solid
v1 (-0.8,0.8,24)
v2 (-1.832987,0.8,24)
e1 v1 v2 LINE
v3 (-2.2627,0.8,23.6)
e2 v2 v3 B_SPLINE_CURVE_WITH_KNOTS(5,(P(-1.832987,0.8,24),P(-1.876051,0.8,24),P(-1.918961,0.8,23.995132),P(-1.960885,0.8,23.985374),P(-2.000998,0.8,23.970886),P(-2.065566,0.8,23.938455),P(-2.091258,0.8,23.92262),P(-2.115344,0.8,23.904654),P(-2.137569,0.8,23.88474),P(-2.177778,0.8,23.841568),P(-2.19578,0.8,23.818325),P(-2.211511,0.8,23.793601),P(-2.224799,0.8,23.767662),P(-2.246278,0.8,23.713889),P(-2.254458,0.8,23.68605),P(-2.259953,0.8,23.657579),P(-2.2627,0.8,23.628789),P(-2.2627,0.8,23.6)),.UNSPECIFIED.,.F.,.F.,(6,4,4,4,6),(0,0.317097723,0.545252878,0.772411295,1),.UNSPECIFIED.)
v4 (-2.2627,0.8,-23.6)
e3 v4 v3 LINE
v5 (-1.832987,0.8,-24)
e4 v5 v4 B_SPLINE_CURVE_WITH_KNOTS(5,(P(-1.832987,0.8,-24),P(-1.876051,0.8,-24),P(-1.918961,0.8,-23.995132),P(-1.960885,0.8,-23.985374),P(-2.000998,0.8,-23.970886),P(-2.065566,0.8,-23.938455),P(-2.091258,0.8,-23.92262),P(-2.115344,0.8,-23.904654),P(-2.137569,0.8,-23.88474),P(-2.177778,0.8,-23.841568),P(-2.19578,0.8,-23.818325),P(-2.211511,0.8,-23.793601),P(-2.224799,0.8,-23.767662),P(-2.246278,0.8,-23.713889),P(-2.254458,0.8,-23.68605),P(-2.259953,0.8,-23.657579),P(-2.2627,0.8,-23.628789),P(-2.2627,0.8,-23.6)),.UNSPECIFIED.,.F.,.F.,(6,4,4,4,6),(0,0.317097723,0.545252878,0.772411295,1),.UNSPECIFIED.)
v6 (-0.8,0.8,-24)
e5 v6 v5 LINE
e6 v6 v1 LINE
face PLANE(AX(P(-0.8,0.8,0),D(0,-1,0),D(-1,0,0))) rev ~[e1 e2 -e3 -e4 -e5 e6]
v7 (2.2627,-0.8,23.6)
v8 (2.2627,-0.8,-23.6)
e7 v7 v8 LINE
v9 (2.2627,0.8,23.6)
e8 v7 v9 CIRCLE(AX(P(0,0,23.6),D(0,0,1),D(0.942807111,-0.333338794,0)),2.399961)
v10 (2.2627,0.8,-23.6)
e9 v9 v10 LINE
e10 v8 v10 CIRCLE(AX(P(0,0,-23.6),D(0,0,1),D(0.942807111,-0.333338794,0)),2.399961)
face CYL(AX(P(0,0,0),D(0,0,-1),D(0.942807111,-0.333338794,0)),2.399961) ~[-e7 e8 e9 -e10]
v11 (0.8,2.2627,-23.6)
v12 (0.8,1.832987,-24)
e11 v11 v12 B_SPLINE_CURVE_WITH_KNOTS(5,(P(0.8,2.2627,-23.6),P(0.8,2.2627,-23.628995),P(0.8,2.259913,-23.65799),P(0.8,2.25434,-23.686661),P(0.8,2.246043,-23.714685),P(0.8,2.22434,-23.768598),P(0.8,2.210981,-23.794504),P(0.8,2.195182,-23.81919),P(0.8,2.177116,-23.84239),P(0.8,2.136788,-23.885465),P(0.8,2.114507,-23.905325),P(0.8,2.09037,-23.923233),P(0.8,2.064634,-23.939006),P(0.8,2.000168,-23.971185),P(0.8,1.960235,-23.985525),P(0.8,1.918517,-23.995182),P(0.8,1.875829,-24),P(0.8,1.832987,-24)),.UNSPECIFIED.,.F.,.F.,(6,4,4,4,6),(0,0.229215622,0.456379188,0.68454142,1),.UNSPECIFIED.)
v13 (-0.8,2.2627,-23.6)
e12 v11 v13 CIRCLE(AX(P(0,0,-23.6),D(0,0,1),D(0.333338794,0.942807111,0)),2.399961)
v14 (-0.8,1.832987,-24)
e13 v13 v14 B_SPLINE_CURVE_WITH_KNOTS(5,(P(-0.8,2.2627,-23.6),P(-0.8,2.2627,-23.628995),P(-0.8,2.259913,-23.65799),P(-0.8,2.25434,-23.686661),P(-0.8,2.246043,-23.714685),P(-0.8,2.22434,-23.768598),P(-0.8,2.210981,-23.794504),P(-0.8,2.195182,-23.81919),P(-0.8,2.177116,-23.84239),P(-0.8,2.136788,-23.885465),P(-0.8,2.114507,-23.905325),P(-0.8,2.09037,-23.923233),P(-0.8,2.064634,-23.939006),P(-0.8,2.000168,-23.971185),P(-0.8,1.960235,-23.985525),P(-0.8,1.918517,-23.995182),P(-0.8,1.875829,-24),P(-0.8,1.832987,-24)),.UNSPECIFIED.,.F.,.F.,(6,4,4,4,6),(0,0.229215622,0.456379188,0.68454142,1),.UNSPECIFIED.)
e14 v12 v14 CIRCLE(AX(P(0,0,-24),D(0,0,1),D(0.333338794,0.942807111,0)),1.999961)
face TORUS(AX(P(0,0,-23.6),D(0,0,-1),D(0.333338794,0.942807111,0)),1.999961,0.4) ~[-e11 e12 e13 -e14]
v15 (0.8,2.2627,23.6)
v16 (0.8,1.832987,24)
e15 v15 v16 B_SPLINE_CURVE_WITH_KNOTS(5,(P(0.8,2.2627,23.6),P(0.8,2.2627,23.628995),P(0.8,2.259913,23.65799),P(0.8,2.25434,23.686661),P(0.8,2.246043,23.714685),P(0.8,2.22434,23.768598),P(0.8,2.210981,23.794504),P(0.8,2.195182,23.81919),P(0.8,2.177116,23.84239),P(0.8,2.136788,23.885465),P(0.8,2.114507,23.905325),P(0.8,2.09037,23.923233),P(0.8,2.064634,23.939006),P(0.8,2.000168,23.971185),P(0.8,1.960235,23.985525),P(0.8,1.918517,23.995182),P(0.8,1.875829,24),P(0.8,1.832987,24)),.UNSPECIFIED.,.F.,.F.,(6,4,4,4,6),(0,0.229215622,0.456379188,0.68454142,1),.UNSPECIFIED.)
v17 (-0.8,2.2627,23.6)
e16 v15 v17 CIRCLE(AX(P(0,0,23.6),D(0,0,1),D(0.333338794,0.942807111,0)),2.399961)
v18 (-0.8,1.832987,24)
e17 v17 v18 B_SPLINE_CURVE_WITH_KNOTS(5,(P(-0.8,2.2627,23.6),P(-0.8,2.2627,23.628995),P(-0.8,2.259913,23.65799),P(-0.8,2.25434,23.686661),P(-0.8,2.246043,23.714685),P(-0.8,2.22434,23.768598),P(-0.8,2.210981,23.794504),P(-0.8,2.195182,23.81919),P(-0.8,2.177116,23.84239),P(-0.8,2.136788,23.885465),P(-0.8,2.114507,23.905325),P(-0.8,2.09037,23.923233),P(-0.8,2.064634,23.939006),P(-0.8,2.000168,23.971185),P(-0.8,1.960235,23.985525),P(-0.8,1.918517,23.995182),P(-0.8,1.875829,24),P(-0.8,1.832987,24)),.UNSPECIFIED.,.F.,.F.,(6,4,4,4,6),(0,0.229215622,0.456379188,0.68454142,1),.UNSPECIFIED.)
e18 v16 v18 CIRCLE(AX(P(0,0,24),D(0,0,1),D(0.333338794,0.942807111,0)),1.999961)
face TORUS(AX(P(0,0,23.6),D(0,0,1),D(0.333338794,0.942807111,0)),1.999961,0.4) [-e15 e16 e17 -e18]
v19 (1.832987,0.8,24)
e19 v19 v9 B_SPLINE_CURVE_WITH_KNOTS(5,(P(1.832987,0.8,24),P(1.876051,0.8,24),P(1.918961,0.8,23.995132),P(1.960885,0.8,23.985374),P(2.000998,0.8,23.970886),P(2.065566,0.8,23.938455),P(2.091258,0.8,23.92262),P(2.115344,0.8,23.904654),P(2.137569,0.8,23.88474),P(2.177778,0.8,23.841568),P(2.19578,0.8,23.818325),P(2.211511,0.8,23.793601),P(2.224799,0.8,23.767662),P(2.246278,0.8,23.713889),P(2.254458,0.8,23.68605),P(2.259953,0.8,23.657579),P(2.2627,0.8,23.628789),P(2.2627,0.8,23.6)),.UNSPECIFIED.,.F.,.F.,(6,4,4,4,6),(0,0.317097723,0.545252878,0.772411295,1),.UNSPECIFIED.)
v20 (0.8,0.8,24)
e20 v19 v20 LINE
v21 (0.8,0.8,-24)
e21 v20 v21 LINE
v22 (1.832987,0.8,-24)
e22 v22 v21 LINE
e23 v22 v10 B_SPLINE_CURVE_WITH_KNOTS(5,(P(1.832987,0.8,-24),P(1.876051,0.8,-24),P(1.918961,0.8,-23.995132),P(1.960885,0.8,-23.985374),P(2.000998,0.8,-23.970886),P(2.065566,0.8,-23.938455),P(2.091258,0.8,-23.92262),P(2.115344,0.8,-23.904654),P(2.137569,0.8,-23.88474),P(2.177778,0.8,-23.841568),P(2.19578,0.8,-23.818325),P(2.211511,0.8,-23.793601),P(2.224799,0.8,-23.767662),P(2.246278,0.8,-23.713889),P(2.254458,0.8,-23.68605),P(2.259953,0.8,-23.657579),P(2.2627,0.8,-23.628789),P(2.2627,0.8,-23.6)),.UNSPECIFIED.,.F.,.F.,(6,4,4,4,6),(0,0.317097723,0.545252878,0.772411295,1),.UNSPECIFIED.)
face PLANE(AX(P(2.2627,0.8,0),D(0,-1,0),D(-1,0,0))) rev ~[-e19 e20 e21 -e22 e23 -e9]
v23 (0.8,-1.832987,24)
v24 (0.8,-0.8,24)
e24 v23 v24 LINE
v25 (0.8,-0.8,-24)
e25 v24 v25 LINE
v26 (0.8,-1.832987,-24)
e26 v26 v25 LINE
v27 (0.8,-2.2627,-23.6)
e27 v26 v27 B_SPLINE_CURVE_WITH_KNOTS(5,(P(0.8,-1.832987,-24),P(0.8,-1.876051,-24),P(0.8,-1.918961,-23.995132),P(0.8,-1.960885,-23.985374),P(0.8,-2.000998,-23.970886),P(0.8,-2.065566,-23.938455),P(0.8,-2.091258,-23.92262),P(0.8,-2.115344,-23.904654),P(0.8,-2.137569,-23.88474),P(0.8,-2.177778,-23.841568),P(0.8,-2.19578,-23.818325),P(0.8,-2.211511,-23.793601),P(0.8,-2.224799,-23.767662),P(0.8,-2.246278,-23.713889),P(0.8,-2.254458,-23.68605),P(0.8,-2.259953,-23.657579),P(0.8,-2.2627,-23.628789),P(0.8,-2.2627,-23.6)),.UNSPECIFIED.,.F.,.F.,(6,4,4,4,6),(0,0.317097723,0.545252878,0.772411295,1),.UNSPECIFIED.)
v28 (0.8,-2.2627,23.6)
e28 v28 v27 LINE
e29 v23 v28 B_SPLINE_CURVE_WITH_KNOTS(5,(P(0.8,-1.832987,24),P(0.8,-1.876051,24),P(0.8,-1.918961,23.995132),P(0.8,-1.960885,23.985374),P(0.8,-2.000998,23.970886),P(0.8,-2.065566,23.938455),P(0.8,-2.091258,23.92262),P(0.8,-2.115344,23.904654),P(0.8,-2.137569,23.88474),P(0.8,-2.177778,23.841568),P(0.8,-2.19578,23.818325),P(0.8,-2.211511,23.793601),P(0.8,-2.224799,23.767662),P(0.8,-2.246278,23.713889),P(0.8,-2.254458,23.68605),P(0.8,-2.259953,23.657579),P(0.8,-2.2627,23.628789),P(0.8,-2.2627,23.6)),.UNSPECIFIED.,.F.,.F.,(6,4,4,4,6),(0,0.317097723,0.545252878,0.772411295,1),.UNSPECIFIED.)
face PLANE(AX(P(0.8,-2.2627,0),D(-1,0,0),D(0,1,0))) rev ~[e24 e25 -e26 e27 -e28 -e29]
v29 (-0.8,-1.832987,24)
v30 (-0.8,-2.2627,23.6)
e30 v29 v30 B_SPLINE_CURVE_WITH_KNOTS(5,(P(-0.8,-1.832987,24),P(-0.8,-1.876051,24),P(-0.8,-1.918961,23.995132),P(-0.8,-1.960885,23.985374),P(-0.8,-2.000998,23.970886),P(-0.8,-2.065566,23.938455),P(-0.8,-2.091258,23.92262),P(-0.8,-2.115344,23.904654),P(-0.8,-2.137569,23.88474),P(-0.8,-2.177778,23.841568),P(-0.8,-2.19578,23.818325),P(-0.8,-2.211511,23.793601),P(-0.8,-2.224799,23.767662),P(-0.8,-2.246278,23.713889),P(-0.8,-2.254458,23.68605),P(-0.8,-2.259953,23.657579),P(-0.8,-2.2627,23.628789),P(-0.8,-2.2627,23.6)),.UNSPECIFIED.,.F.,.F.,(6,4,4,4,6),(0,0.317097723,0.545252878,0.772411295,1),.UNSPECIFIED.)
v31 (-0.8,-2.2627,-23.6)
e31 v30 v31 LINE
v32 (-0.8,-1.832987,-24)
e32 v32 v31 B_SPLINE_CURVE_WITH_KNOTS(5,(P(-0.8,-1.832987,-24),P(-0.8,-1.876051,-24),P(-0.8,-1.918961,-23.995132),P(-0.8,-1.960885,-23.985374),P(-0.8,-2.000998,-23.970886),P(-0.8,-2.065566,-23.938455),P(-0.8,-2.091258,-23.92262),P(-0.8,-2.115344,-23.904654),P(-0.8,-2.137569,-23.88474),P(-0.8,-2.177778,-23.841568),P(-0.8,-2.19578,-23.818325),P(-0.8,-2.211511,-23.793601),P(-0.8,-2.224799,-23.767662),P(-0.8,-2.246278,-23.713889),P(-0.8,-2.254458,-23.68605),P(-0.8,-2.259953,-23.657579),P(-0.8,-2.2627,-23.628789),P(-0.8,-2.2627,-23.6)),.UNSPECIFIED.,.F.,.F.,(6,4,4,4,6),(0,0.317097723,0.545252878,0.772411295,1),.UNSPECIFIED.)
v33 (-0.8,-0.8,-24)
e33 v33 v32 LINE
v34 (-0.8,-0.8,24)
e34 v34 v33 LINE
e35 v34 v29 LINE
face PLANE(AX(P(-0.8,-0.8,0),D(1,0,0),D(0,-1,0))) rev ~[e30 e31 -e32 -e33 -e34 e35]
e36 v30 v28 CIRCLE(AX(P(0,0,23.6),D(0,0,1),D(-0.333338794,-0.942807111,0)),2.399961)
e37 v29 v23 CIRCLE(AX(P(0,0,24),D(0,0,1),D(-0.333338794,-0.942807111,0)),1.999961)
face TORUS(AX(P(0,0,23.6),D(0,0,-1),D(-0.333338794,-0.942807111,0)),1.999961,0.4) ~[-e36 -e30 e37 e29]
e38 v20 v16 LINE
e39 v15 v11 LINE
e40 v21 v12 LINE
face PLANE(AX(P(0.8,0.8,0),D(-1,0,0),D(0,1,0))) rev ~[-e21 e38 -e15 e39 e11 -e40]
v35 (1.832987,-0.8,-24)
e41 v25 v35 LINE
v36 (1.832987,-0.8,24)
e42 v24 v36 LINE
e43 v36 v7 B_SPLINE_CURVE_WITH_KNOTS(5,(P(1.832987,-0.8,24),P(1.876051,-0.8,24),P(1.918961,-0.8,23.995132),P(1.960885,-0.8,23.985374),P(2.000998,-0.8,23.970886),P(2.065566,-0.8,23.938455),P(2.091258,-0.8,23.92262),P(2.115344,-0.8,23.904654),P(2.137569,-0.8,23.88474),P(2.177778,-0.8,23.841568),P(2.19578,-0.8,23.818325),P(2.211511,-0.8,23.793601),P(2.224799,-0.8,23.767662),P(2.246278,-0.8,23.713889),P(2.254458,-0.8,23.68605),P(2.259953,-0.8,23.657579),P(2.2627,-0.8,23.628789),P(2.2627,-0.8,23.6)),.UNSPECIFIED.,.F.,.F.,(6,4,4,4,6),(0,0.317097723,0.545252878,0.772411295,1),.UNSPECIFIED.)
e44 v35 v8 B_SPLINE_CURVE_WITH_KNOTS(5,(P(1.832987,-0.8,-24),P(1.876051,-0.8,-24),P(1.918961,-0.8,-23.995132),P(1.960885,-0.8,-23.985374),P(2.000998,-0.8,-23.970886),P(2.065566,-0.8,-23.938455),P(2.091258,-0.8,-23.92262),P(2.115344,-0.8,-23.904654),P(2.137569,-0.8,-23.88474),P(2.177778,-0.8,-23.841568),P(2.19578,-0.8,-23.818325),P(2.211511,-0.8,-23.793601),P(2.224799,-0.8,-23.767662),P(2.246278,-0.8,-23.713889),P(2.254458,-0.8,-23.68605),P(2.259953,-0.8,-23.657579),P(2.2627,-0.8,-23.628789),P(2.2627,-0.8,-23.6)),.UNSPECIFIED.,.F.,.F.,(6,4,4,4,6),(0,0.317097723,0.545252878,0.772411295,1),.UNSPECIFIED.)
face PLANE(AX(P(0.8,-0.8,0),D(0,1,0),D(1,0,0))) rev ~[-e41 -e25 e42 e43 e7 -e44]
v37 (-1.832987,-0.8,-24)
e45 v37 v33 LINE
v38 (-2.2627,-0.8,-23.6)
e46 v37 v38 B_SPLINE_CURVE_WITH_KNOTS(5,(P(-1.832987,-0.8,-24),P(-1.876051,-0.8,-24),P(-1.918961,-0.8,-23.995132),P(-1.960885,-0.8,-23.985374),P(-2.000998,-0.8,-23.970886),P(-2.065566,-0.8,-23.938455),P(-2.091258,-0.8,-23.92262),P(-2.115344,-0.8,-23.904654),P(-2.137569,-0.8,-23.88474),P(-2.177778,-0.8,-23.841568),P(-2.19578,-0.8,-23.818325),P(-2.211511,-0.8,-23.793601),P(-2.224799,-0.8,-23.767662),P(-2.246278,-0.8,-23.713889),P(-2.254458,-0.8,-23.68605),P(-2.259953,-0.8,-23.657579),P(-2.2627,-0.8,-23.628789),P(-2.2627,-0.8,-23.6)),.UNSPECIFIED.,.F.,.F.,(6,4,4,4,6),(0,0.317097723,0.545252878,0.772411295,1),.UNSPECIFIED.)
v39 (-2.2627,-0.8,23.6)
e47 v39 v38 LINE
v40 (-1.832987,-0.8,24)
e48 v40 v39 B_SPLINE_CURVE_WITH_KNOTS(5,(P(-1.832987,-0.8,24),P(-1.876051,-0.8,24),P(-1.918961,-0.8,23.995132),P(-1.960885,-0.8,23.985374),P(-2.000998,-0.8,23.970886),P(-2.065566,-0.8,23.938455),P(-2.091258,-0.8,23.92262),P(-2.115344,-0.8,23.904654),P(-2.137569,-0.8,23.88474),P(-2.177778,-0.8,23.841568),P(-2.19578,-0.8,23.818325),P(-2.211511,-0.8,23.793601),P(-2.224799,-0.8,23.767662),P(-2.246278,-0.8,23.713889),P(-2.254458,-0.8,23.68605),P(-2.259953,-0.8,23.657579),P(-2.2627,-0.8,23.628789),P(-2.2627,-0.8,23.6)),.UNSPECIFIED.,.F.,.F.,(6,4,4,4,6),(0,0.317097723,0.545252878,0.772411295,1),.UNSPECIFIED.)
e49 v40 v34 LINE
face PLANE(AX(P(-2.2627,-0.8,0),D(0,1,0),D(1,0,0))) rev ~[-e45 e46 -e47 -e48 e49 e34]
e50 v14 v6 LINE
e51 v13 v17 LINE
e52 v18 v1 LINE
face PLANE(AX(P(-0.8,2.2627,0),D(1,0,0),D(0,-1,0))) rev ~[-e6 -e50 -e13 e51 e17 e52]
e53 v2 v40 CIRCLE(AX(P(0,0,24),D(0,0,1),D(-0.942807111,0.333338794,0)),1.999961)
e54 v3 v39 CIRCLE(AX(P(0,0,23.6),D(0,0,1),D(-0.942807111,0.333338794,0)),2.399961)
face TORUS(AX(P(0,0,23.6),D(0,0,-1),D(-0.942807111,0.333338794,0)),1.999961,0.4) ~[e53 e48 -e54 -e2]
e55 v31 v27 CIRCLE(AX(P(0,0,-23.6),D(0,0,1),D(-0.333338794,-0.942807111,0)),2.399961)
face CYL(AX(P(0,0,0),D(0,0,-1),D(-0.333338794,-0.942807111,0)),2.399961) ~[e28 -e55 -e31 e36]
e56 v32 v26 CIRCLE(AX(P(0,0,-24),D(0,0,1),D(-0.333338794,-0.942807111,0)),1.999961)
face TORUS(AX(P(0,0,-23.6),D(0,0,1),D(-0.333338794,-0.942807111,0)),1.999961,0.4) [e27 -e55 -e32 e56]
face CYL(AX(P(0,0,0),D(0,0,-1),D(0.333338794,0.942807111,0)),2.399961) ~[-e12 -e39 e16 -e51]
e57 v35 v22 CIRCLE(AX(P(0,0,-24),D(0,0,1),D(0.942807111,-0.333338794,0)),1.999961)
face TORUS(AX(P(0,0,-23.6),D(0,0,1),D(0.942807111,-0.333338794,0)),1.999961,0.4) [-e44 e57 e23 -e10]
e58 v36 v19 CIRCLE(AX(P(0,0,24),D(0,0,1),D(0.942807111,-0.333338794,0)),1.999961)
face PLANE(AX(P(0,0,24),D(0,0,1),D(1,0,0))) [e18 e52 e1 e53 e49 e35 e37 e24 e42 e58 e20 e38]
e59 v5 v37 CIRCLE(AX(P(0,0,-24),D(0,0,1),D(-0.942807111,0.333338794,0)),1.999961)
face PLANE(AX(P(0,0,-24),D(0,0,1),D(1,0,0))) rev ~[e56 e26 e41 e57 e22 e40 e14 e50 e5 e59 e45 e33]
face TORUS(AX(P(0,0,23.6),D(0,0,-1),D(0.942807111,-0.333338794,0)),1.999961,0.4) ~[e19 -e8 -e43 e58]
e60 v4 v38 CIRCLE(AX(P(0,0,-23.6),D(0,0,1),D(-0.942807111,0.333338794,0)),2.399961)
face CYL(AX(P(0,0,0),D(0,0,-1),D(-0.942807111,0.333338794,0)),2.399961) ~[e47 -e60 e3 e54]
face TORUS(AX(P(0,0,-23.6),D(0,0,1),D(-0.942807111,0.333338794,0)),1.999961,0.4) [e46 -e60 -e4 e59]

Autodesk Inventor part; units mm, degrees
ref_plane "YZ Plane" through (0, 0, 0) normal (1, 0, 0) x (0, 1, 0)
ref_plane "XZ Plane" through (0, 0, 0) normal (0, 1, 0) x (-1, 0, 0)
ref_plane "XY Plane" through (0, 0, 0) normal (0, 0, 1) x (1, 0, 0)
sketch "Sketch1" plane through (0, 0, 0) normal (0, 0, 1) x (1, 0, 0)
  circle A0 centre (0, 0) radius 2.4 construction
  line L0 (-0.8, 2.2627) -> (-0.8, 0.8)
  line L1 (-0.8, 0.8) -> (-2.2627, 0.8)
  line L2 (-2.2627, -0.8) -> (-0.8, -0.8)
  line L3 (-0.8, -0.8) -> (-0.8, -2.2627)
  line L4 (0.8, -2.2627) -> (0.8, -0.8)
  line L5 (0.8, -0.8) -> (2.2627, -0.8)
  line L6 (2.2627, 0.8) -> (0.8, 0.8)
  line L7 (0.8, 0.8) -> (0.8, 2.2627)
  arc A1 (0.8, 2.2627) -> (-0.8, 2.2627) centre (0, 0) ccw
  arc A2 (-2.2627, 0.8) -> (-2.2627, -0.8) centre (0, 0) ccw
  arc A3 (-0.8, -2.2627) -> (0.8, -2.2627) centre (0, 0) ccw
  arc A4 (2.2627, -0.8) -> (2.2627, 0.8) centre (0, 0) ccw
  dimension "d0" = 4.8
  dimension "d1" = 1.6
extrude "Extrusion1" add sketch "Sketch1" along normal mid plane 48
fillet "Fillet1" radius 0.4 8 edges at (0, 2.4, 24) (-2.4, 0, 24) (0, -2.4, 24) (2.4, 0, 24) (2.4, 0, -24) (0, 2.4, -24) (-2.4, 0, -24) (0, -2.4, -24)
equation "\"d0\" = kd"
equation "\"d1\" = axlet"
equation "\"d2\" = 6 * lu"
equation "\"d4\" = tf"
equation "\"tf\" = 0.4"
equation "\"kd\" = 4.8"
equation "\"axlet\" = 1.6"
equation "\"lu\" = 8"
properties part number "3706-Red" material "ABS Plastic"
